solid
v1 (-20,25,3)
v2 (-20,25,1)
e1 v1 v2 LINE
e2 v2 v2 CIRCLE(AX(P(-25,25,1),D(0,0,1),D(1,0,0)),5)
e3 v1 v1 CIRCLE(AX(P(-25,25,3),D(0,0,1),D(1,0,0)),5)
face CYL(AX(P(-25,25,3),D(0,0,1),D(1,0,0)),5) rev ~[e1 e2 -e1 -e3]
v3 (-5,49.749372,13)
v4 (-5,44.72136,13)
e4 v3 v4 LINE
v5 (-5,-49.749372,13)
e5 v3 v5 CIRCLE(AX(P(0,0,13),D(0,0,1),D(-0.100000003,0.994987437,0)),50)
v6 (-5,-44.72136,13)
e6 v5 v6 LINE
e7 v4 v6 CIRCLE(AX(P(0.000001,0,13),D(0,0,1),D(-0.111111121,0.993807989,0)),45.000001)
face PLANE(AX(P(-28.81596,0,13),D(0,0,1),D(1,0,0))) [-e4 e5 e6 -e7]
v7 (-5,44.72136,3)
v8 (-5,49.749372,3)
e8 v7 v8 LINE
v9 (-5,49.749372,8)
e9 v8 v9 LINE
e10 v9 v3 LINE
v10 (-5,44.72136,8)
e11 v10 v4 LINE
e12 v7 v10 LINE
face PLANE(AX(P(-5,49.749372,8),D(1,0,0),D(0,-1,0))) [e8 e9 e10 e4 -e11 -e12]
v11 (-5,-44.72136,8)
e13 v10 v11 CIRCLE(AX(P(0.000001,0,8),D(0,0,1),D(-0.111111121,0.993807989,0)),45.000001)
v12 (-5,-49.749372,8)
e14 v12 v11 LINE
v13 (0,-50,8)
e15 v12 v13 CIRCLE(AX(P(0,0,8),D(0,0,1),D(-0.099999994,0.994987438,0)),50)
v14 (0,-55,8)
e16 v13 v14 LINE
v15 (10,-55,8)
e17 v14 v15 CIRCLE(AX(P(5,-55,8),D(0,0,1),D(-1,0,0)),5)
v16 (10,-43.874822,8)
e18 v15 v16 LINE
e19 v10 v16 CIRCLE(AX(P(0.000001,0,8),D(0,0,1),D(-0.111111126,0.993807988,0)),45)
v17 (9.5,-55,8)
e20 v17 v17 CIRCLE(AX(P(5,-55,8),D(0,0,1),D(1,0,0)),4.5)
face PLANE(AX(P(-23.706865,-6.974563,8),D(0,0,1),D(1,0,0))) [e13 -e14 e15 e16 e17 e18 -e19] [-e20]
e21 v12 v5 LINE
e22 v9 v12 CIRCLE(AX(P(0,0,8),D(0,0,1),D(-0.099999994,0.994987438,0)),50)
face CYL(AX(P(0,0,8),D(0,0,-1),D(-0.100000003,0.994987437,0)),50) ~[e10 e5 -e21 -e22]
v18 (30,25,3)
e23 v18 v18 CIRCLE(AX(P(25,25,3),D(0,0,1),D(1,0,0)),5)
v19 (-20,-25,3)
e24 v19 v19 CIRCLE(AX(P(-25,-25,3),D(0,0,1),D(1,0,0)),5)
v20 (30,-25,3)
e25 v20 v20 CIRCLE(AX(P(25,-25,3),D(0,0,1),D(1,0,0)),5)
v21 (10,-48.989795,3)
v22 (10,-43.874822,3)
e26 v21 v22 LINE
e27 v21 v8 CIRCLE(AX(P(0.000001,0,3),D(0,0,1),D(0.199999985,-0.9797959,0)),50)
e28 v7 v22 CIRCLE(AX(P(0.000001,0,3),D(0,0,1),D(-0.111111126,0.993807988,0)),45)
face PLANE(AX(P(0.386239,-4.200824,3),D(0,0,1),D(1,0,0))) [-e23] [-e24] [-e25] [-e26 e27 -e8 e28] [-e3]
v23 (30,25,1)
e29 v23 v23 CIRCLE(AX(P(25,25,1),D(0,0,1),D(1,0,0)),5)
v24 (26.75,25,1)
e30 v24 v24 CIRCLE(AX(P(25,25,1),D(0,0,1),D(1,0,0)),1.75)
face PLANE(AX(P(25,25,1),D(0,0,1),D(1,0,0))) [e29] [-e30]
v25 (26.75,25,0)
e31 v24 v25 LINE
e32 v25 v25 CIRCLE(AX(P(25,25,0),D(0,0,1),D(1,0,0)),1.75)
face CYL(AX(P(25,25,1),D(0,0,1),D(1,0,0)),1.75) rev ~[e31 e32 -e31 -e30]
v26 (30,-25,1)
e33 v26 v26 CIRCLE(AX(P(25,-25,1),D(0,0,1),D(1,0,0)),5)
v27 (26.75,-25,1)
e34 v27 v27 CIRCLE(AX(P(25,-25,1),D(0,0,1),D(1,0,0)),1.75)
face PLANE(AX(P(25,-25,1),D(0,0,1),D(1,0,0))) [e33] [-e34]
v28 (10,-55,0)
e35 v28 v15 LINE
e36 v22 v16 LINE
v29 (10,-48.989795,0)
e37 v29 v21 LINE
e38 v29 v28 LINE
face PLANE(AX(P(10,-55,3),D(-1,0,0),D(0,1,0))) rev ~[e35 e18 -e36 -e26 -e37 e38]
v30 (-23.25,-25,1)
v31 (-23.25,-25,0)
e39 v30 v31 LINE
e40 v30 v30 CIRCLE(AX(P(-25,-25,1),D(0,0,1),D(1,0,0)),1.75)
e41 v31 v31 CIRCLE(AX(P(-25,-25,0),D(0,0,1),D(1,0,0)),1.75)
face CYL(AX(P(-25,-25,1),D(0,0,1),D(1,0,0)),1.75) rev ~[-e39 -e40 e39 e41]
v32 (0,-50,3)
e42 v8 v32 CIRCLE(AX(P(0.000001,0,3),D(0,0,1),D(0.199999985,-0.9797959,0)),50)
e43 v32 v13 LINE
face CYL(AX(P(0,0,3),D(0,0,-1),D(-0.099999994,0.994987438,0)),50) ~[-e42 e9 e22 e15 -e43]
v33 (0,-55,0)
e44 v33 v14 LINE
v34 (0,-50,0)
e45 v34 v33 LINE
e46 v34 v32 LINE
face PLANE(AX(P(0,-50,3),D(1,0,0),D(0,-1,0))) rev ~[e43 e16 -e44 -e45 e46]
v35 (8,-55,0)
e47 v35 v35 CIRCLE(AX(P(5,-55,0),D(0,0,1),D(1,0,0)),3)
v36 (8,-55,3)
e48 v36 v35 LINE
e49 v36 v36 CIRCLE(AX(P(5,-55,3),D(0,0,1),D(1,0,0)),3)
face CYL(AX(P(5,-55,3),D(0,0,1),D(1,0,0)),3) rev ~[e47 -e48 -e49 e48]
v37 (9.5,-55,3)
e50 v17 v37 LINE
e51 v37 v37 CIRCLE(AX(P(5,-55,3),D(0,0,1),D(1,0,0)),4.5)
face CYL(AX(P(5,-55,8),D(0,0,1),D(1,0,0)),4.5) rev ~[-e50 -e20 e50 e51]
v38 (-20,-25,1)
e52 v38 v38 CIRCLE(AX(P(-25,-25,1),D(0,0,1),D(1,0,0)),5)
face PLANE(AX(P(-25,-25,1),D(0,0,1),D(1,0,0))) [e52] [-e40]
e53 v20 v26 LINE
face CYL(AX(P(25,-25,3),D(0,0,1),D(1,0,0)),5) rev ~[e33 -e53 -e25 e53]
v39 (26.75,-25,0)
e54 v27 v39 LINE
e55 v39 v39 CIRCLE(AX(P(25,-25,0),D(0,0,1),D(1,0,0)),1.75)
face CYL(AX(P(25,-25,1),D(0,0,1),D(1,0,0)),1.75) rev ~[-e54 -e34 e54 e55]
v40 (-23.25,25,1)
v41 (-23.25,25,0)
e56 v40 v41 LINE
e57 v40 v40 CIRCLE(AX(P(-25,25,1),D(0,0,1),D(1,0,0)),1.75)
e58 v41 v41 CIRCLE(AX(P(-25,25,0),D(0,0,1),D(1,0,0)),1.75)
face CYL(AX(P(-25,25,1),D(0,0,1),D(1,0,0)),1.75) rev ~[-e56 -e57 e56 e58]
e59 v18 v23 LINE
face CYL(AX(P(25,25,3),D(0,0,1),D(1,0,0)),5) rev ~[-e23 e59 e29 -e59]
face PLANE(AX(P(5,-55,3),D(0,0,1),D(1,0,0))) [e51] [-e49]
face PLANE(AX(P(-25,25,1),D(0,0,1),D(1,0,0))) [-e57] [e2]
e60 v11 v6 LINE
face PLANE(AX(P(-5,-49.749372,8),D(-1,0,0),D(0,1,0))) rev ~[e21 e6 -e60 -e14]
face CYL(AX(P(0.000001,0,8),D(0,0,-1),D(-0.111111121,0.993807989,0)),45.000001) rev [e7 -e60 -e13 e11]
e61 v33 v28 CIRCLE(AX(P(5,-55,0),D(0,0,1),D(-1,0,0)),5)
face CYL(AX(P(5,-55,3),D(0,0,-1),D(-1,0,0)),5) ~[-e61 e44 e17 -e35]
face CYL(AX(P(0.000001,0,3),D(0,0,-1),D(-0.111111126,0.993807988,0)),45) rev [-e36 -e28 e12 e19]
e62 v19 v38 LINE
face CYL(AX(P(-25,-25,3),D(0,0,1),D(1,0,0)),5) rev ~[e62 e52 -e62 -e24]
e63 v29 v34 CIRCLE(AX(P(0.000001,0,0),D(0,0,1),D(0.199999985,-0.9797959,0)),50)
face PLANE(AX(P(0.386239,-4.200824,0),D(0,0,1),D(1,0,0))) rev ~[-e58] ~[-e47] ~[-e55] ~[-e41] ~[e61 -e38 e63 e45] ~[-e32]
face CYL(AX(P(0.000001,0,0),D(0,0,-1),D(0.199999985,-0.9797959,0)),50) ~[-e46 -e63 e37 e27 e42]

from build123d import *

# Parameters (mm, degrees)
PAD_DEPTH       = 3
PAD001_DEPTH    = 5
SKETCH010_R     = 4.5
POCKET001_DEPTH = 5
SKETCH011_R     = 3
POCKET002_DEPTH = 3
PAD004_DEPTH    = 5
SKETCH013_R     = 5
POCKET003_DEPTH = 2
SKETCH018_R     = 1.75
POCKET004_DEPTH = 1


with BuildPart() as part:
    # Sketch → Pad (new body)
    with BuildSketch(Plane.XY):
        with BuildLine():
            Line((0, -50), (0, -55))
            ThreePointArc((0, -55), (5, -60), (10, -55))
            Line((10, -48.989795), (10, -55))
            ThreePointArc((10, -48.989795), (-5.025448, 49.746808), (0, -50))
        make_face()
    extrude(amount=PAD_DEPTH)

    # Sketch001 (on Face6 of Pad) → Pad001 (join)
    with BuildSketch(Plane.XY.offset(3)):
        with BuildLine():
            Line((0, -50), (0, -55))
            ThreePointArc((0, -55), (5, -60), (10, -55))
            Line((10, -55), (10, -43.874822))
            ThreePointArc((-5, 44.72136), (-44.368579, -7.511934), (10, -43.874822))
            Line((-5, 44.72136), (-5, 49.749372))
            ThreePointArc((-5, 49.749372), (-49.937304, -2.503139), (0, -50))
        make_face()
    extrude(amount=PAD001_DEPTH)

    # Sketch010 (on Face10 of Pad001) → Pocket001 (cut)
    with BuildSketch(Plane.XY.offset(8)):
        with Locations((5, -55)):
            Circle(SKETCH010_R)
    extrude(amount=-POCKET001_DEPTH, mode=Mode.SUBTRACT)

    # Sketch011 (on Face15 of Pocket001) → Pocket002 (cut)
    with BuildSketch(Plane.XY.offset(3)):
        with Locations((5, -55)):
            Circle(SKETCH011_R)
    extrude(amount=-POCKET002_DEPTH, mode=Mode.SUBTRACT)

    # Sketch012 (on Face11 of Pocket002) → Pad004 (join)
    with BuildSketch(Plane.XY.offset(8)):
        with BuildLine():
            Line((-5, -49.749372), (-5, -44.72136))
            ThreePointArc((-5, 44.72136), (-45, 0), (-5, -44.72136))
            Line((-5, 49.749372), (-5, 44.72136))
            ThreePointArc((-5, 49.749372), (-50, 0), (-5, -49.749372))
        make_face()
    extrude(amount=PAD004_DEPTH)

    # Sketch013 (on Face7 of Pad004) → Pocket003 (cut)
    with BuildSketch(Plane.XY.offset(3)):
        with Locations((-25, 25)):
            Circle(SKETCH013_R)
        with Locations((25, -25)):
            Circle(SKETCH013_R)
        with Locations((25, 25)):
            Circle(SKETCH013_R)
        with Locations((-25, -25)):
            Circle(SKETCH013_R)
    extrude(amount=-POCKET003_DEPTH, mode=Mode.SUBTRACT)

    # Sketch018 (on Face27 of Pocket003) → Pocket004 (cut)
    with BuildSketch(Plane.XY.offset(1)):
        with Locations((-25, 25)):
            Circle(SKETCH018_R)
        with Locations((25, -25)):
            Circle(SKETCH018_R)
        with Locations((25, 25)):
            Circle(SKETCH018_R)
        with Locations((-25, -25)):
            Circle(SKETCH018_R)
    extrude(amount=-POCKET004_DEPTH, mode=Mode.SUBTRACT)


solid = part.part
